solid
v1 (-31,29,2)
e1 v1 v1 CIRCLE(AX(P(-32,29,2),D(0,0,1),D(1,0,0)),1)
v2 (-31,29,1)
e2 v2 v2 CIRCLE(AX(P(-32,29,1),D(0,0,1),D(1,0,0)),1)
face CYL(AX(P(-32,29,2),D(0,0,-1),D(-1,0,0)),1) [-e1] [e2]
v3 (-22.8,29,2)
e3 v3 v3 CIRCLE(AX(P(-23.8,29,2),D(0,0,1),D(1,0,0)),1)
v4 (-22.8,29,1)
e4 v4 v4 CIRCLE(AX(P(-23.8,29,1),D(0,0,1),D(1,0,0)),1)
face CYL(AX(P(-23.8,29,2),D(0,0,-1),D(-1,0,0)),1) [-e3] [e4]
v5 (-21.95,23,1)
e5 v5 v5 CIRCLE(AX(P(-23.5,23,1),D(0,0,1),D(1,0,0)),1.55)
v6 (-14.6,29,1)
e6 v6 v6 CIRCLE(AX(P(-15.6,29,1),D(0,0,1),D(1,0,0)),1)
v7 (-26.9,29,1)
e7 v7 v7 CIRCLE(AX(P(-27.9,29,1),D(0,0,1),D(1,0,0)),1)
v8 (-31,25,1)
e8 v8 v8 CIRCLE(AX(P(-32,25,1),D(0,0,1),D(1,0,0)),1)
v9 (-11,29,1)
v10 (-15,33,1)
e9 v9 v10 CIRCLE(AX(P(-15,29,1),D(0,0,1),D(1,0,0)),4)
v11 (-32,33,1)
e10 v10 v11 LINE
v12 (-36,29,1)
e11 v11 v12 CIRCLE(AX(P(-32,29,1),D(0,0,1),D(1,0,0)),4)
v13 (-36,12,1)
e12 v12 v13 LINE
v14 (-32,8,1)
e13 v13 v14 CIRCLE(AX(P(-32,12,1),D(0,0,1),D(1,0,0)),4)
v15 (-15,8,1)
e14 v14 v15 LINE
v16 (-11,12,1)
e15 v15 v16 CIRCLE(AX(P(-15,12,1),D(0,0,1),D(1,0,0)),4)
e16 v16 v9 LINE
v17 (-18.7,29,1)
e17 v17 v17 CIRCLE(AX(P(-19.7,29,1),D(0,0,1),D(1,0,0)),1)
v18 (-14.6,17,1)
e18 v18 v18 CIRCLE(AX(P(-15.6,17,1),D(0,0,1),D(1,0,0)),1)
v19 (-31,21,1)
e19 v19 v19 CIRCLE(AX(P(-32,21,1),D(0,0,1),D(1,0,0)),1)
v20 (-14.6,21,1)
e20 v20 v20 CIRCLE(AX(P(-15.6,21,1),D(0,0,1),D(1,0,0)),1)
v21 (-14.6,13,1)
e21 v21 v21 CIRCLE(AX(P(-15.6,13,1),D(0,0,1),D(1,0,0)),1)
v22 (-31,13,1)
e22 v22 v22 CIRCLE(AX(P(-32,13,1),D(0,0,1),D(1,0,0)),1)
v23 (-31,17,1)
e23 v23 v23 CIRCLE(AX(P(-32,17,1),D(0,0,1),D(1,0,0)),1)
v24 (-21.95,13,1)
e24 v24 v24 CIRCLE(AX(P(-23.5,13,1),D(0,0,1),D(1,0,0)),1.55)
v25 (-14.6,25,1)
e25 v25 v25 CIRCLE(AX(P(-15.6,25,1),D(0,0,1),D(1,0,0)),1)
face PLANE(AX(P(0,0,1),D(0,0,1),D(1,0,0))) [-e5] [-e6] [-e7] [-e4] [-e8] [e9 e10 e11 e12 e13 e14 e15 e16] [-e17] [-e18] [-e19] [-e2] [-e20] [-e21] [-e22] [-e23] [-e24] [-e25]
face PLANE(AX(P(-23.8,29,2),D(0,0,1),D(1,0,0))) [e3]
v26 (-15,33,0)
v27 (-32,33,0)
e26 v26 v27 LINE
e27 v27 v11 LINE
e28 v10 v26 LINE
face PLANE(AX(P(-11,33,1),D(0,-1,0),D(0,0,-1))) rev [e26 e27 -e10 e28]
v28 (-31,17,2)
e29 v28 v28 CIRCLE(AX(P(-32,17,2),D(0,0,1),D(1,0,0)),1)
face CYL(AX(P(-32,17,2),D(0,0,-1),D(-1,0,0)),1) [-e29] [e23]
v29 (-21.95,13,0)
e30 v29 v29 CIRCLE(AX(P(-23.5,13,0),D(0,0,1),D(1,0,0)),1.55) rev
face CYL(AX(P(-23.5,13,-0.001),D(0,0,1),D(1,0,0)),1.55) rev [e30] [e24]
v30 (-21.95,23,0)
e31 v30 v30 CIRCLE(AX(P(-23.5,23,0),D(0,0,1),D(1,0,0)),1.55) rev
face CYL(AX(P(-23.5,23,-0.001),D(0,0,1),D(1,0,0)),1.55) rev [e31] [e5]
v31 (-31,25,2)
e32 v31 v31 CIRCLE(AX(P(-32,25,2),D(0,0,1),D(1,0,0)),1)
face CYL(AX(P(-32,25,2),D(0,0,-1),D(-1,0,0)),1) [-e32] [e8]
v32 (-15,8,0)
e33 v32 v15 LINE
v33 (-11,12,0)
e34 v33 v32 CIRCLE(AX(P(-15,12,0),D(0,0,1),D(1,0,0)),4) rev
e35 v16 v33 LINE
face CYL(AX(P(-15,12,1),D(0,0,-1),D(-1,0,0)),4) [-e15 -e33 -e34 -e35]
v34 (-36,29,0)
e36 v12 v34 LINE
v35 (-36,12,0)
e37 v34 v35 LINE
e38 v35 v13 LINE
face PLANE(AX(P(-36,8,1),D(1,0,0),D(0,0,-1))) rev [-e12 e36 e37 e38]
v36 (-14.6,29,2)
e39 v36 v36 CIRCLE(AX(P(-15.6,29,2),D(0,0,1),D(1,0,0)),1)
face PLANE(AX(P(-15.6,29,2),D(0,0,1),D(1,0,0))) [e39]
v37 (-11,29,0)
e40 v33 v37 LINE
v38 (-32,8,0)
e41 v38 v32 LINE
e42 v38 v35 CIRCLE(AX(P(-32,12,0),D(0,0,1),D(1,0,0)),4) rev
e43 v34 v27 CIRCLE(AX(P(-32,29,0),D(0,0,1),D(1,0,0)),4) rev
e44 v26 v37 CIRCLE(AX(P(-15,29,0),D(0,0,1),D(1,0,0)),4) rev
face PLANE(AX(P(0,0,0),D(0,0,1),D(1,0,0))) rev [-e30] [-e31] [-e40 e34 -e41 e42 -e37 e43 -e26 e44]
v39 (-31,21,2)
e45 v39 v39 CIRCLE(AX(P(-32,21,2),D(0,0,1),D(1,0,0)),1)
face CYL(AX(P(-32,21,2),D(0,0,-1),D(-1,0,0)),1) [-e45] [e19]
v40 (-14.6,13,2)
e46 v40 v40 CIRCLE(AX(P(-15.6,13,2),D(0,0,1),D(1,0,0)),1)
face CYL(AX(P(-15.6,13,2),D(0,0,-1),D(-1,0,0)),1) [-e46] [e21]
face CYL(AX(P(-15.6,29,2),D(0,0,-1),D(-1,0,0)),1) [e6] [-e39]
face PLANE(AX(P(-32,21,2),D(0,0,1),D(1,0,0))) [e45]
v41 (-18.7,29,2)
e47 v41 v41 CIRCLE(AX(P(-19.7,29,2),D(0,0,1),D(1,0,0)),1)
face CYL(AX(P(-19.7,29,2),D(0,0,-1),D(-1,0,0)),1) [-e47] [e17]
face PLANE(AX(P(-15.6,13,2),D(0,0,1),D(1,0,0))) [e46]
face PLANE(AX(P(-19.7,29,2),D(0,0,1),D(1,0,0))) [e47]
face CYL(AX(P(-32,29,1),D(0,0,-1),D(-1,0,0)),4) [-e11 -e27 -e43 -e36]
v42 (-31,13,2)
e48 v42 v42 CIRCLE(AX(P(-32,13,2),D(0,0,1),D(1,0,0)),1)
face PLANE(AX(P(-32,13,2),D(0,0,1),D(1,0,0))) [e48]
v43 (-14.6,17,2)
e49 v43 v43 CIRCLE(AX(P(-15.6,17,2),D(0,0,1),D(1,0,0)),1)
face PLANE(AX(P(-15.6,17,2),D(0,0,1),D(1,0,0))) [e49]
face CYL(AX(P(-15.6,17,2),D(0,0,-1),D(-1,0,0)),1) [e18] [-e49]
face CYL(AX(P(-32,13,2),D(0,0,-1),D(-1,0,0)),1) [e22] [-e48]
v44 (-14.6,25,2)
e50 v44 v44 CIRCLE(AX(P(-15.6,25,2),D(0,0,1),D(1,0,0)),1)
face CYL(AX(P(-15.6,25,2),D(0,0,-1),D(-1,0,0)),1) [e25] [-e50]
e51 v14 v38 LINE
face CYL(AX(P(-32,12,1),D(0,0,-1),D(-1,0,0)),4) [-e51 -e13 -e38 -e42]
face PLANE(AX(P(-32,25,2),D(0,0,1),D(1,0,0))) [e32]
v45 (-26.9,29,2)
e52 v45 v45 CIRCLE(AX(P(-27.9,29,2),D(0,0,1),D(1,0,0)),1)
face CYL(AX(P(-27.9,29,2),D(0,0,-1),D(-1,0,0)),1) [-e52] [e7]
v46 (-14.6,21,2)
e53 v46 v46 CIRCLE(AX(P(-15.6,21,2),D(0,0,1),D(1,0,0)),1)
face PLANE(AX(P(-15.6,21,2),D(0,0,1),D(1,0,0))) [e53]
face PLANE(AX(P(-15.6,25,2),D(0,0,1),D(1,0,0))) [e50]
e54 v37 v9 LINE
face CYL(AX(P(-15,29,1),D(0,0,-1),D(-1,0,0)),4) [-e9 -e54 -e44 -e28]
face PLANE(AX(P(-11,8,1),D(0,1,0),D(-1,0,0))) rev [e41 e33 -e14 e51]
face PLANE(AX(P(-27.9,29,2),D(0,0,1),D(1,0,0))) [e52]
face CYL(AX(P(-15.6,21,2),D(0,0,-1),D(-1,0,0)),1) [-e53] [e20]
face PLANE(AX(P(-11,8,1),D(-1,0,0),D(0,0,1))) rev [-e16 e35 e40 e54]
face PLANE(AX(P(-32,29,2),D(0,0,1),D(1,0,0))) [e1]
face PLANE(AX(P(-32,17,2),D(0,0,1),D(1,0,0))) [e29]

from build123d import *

# Parameters (mm, degrees)
SKETCH1_W           = 25
SKETCH1_H           = 25
BOSS_EXTRUDE1_DEPTH = 1
SKETCH2_R           = 1
BOSS_EXTRUDE2_DEPTH = 1
FILLET1_R           = 4
CUT_EXTRUDE1_REACH  = 3
SKETCH3_R           = 1.55


with BuildPart() as part:
    # Sketch1 → Boss-Extrude1 (new body)
    with BuildSketch(Plane.XY):
        with Locations((-23.5, 20.5)):
            Rectangle(SKETCH1_W, SKETCH1_H)
    extrude(amount=BOSS_EXTRUDE1_DEPTH)

    # Sketch2 → Boss-Extrude2 (add)
    with BuildSketch(Plane.XY.offset(1)):
        with Locations((-32, 29)):
            Circle(SKETCH2_R)
        with Locations((-27.9, 29)):
            Circle(SKETCH2_R)
        with Locations((-23.8, 29)):
            Circle(SKETCH2_R)
        with Locations((-19.7, 29)):
            Circle(SKETCH2_R)
        with Locations((-15.6, 29)):
            Circle(SKETCH2_R)
        with Locations((-32, 25)):
            Circle(SKETCH2_R)
        with Locations((-15.6, 25)):
            Circle(SKETCH2_R)
        with Locations((-32, 21)):
            Circle(SKETCH2_R)
        with Locations((-15.6, 21)):
            Circle(SKETCH2_R)
        with Locations((-32, 17)):
            Circle(SKETCH2_R)
        with Locations((-15.6, 17)):
            Circle(SKETCH2_R)
        with Locations((-32, 13)):
            Circle(SKETCH2_R)
        with Locations((-15.6, 13)):
            Circle(SKETCH2_R)
    extrude(amount=BOSS_EXTRUDE2_DEPTH)

    # Fillet1
    fillet1_edges = [part.edges().sort_by_distance(p)[0] for p in [
        (-11, 8, 0.5),
        (-36, 8, 0.5),
        (-36, 33, 0.5),
        (-11, 33, 0.5),
    ]]
    fillet(fillet1_edges, radius=FILLET1_R)

    # Sketch3 → Cut-Extrude1 (cut, up to next)
    with BuildSketch(Plane.XY.offset(1), mode=Mode.PRIVATE) as cut_extrude1_sk1:
        with Locations((-23.5, 23)):
            Circle(SKETCH3_R)
    cut_extrude1_tool1 = extrude(cut_extrude1_sk1.sketch, amount=-CUT_EXTRUDE1_REACH, mode=Mode.PRIVATE) & part.part
    add(cut_extrude1_tool1.solids().sort_by_distance((-23.5, 23, 1))[0], mode=Mode.SUBTRACT)
    # Sketch3 → Cut-Extrude1 (cut, up to next)
    with BuildSketch(Plane.XY.offset(1), mode=Mode.PRIVATE) as cut_extrude1_sk2:
        with Locations((-23.5, 13)):
            Circle(SKETCH3_R)
    cut_extrude1_tool2 = extrude(cut_extrude1_sk2.sketch, amount=-CUT_EXTRUDE1_REACH, mode=Mode.PRIVATE) & part.part
    add(cut_extrude1_tool2.solids().sort_by_distance((-23.5, 13, 1))[0], mode=Mode.SUBTRACT)


solid = part.part
